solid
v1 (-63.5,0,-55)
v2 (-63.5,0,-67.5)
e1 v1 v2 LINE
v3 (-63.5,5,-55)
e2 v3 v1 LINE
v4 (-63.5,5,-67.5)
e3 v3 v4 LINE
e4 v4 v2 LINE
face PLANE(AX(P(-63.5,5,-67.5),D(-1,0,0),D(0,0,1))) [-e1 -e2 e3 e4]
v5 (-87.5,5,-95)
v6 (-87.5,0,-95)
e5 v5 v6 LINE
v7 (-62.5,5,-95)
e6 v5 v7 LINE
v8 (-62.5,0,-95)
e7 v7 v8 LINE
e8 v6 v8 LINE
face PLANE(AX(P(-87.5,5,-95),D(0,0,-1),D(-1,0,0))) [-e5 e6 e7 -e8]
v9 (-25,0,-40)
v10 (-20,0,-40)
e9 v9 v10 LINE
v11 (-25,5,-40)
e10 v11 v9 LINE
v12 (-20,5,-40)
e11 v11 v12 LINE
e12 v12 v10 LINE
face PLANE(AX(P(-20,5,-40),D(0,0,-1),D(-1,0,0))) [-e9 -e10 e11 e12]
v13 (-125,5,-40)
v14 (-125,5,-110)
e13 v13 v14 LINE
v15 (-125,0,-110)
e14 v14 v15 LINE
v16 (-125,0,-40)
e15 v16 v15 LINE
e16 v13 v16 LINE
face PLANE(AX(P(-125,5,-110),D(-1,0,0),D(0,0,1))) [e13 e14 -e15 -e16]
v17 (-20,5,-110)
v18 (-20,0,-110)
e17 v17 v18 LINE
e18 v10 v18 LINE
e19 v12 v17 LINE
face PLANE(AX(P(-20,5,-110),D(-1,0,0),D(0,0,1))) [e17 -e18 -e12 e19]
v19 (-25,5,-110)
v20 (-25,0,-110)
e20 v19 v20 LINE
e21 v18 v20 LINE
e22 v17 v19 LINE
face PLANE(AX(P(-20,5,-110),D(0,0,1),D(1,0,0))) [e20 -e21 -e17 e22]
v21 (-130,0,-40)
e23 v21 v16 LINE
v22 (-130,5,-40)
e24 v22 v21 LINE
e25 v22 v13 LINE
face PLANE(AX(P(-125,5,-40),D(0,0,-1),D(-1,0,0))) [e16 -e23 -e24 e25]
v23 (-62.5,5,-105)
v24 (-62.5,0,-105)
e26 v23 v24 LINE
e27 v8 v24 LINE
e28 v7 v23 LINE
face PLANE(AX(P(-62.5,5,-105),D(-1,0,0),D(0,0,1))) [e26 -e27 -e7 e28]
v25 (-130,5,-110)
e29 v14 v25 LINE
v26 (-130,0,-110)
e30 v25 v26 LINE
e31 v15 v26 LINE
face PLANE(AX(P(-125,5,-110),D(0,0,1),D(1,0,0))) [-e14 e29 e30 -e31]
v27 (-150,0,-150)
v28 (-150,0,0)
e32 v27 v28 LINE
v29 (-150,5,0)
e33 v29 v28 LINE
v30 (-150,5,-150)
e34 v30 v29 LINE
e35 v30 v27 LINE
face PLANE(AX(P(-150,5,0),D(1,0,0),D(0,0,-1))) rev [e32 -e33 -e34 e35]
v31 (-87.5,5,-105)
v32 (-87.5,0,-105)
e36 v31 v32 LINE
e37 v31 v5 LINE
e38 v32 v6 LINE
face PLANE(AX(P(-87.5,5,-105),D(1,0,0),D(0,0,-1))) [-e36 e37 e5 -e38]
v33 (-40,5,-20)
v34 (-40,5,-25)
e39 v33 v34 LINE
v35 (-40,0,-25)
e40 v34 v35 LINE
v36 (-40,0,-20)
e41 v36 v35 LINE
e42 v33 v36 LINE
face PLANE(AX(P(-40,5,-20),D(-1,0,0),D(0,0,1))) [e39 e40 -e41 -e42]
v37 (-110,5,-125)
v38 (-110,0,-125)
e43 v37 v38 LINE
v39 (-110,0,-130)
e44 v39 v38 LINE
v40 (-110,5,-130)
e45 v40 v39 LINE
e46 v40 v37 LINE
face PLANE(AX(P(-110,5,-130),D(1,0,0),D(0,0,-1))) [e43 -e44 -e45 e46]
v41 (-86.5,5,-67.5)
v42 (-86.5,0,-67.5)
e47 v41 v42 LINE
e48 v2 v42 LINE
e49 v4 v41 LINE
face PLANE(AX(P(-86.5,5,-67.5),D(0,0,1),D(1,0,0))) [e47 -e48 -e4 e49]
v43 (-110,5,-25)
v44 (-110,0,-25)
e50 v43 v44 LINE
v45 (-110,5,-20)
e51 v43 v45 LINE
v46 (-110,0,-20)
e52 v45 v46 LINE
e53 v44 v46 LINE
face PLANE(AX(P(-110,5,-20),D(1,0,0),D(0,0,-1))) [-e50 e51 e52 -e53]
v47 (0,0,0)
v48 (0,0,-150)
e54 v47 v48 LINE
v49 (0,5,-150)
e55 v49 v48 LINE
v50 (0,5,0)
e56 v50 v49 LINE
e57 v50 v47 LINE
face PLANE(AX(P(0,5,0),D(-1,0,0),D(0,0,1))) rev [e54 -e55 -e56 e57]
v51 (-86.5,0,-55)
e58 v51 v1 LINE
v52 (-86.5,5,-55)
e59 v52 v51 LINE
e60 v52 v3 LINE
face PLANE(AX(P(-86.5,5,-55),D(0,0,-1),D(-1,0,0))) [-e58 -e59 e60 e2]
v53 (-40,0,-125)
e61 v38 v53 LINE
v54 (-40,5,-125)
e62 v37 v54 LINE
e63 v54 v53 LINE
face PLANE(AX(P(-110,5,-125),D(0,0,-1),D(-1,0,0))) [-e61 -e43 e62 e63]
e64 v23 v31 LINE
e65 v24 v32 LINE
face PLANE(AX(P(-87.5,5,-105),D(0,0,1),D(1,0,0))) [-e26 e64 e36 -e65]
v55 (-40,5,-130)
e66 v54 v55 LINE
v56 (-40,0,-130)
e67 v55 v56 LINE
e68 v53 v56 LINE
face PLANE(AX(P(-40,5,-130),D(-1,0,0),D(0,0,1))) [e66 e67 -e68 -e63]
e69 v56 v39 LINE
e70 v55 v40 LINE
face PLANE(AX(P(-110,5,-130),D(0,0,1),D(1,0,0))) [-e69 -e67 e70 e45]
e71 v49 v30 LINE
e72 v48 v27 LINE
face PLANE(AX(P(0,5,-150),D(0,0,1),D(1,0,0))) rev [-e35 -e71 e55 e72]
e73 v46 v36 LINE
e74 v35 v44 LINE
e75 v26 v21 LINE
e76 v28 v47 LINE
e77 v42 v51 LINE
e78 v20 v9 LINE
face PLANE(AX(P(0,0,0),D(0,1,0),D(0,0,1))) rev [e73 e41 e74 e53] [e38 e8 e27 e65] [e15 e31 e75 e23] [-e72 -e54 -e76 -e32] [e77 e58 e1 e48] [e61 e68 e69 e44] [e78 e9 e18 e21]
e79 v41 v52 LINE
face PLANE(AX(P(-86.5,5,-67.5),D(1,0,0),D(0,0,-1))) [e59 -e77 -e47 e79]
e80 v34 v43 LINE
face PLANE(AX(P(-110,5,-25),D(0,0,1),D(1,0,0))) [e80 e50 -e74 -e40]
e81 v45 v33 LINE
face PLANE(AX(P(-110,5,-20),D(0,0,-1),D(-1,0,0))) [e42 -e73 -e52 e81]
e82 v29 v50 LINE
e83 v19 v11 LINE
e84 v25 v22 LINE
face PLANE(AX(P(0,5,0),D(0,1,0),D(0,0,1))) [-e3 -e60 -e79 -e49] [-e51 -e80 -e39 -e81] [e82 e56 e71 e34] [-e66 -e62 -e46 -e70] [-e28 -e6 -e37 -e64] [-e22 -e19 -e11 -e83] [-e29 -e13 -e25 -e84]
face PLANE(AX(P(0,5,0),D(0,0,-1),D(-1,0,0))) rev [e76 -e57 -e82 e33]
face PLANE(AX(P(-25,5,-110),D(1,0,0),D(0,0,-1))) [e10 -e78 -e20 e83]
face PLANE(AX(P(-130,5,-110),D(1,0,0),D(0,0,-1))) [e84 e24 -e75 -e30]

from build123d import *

# Parameters (mm, degrees)
SKETCH1_W           = 150
SKETCH1_H           = 150
SKETCH1_W_2         = 70
SKETCH1_H_2         = 5
SKETCH1_W_3         = 5
SKETCH1_H_3         = 70
SKETCH1_W_4         = 23
SKETCH1_H_4         = 12.5
SKETCH1_W_5         = 25
SKETCH1_H_5         = 10
BOSS_EXTRUDE1_DEPTH = 5


with BuildPart() as part:
    # Sketch1 → Boss-Extrude1 (new body)
    with BuildSketch(Plane(origin=(0, 0, 0), x_dir=(1, 0, 0), z_dir=(0, 1, 0))):
        with Locations((-75, 75)):
            Rectangle(SKETCH1_W, SKETCH1_H)
        with Locations((-75, 127.5)):
            Rectangle(SKETCH1_W_2, SKETCH1_H_2, mode=Mode.SUBTRACT)
        with Locations((-22.5, 75)):
            Rectangle(SKETCH1_W_3, SKETCH1_H_3, mode=Mode.SUBTRACT)
        with Locations((-127.5, 75)):
            Rectangle(SKETCH1_W_3, SKETCH1_H_3, mode=Mode.SUBTRACT)
        with Locations((-75, 22.5)):
            Rectangle(SKETCH1_W_2, SKETCH1_H_2, mode=Mode.SUBTRACT)
        with Locations((-75, 61.25)):
            Rectangle(SKETCH1_W_4, SKETCH1_H_4, mode=Mode.SUBTRACT)
        with Locations((-75, 100)):
            Rectangle(SKETCH1_W_5, SKETCH1_H_5, mode=Mode.SUBTRACT)
    extrude(amount=BOSS_EXTRUDE1_DEPTH)


solid = part.part
